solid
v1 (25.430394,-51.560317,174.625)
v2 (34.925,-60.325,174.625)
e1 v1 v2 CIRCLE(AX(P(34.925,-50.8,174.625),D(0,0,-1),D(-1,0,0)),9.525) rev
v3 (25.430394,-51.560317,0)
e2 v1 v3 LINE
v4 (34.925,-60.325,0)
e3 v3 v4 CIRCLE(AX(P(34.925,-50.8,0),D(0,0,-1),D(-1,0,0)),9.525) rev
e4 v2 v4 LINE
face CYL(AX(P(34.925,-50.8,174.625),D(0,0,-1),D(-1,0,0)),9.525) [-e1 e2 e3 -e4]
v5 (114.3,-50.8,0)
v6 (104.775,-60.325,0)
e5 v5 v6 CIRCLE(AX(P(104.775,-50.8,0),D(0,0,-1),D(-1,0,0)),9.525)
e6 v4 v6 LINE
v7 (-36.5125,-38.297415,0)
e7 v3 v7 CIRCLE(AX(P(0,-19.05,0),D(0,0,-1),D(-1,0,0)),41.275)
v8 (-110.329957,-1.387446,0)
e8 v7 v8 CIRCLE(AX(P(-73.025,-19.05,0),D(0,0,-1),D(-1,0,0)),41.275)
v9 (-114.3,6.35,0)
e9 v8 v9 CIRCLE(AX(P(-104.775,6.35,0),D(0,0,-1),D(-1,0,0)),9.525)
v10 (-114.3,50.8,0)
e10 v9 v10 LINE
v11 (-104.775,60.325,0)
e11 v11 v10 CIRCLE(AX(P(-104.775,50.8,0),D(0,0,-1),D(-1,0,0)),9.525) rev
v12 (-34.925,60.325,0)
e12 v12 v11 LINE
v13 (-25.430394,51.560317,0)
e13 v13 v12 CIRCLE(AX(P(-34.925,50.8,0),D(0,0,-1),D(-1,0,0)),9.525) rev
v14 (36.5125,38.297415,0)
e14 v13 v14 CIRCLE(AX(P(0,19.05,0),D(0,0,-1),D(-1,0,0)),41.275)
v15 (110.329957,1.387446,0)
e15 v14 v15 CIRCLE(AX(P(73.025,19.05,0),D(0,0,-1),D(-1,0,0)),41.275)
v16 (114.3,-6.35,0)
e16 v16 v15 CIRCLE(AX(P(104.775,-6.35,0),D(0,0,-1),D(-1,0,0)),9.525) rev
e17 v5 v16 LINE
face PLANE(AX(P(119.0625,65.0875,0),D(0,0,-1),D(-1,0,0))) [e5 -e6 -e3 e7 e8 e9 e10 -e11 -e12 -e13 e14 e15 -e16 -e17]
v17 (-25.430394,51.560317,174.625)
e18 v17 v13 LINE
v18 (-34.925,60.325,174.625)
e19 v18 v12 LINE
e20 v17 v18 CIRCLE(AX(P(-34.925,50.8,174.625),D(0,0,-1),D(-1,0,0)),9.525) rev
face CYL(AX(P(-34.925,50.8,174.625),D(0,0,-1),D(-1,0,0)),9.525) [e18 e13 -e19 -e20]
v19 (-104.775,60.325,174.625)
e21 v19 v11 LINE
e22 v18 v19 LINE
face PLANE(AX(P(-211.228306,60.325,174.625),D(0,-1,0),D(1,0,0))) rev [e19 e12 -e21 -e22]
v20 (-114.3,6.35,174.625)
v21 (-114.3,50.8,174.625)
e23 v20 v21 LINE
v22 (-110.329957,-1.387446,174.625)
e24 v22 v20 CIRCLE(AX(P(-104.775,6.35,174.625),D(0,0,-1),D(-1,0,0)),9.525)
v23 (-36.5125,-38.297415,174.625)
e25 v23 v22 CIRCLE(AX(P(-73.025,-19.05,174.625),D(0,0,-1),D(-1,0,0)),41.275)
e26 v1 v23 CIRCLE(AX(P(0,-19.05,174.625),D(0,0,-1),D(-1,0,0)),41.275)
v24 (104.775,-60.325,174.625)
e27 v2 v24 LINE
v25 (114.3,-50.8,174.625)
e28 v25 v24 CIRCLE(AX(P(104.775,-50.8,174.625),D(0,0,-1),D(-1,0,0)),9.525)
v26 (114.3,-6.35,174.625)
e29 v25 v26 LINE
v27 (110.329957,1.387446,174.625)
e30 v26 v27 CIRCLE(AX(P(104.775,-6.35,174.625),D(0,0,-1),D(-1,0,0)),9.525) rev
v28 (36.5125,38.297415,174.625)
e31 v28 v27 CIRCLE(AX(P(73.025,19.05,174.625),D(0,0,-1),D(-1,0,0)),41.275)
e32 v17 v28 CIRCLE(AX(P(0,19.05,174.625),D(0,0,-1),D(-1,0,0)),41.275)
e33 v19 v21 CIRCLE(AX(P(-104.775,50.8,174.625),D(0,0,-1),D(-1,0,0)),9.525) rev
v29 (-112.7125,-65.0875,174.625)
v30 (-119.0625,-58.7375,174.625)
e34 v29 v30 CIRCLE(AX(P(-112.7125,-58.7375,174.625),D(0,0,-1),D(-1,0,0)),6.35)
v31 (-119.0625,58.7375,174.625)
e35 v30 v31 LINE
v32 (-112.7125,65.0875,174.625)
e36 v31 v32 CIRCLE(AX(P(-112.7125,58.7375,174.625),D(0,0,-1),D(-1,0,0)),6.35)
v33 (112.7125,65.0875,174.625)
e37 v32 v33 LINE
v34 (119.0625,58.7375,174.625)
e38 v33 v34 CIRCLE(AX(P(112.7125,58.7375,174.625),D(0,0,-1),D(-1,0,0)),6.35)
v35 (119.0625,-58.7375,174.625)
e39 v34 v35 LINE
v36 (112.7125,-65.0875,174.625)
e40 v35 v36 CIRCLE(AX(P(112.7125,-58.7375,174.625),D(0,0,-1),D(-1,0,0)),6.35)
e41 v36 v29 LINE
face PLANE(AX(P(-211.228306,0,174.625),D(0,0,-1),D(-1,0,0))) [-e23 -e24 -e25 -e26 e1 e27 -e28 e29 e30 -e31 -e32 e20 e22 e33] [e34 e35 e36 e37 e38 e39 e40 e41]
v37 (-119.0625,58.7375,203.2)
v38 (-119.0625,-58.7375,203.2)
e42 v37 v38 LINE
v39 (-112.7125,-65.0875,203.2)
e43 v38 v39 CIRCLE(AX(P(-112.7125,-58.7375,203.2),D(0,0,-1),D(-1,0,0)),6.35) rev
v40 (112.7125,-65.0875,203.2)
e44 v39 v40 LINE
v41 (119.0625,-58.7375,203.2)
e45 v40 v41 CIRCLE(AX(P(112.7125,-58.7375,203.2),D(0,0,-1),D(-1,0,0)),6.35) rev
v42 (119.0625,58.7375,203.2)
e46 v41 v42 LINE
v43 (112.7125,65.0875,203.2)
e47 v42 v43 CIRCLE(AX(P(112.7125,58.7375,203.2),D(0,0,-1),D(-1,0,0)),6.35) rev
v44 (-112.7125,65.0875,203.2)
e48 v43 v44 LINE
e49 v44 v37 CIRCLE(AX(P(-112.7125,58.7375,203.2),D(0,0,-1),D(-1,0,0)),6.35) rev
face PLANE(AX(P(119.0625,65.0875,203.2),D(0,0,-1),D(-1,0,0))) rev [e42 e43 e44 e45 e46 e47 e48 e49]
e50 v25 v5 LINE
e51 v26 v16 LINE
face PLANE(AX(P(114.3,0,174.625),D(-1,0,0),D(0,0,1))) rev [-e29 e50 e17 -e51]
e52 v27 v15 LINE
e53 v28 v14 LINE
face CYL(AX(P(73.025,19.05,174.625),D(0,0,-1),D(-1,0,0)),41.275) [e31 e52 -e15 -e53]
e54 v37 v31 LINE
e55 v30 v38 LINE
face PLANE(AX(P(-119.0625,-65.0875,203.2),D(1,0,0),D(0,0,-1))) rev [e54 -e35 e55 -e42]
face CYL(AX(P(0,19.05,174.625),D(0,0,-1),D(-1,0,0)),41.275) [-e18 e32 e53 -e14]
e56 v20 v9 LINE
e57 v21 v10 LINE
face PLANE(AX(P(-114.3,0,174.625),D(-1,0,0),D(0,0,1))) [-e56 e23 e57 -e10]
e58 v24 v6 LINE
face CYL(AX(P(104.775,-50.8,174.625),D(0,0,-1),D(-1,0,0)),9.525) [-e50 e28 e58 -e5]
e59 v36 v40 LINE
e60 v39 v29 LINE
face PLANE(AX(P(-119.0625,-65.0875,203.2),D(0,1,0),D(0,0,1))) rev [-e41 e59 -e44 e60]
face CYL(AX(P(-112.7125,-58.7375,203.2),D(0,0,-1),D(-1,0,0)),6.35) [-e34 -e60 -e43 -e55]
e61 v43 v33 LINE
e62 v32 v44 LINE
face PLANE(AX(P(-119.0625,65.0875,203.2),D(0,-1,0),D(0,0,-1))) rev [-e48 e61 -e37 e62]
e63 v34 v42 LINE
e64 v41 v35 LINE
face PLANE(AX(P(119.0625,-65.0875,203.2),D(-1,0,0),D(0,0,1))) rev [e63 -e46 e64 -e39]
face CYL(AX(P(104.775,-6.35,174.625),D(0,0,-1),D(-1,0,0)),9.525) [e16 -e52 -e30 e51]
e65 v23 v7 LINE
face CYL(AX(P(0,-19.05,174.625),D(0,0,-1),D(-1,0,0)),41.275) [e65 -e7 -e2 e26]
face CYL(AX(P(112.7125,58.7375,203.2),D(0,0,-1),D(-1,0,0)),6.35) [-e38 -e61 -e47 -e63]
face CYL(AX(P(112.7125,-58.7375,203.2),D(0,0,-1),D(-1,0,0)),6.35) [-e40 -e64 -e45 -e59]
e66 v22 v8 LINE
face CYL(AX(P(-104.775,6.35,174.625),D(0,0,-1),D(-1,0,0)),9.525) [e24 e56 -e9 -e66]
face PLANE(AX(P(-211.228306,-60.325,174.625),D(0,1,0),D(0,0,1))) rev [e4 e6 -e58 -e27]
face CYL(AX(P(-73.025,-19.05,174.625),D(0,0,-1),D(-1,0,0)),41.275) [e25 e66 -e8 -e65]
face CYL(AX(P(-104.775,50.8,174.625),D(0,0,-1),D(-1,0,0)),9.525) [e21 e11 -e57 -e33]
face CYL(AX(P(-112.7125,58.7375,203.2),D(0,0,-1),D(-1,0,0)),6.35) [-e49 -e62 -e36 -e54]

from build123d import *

# Parameters (mm, degrees)
SKETCH1_W           = 238.125
SKETCH1_H           = 130.175
BOSS_EXTRUDE1_DEPTH = 203.2
SKETCH2_W           = 238.125
SKETCH2_H           = 130.175
CUT_EXTRUDE1_DEPTH  = 174.625
FILLET1_R           = 6.35


with BuildPart() as part:
    # Sketch1 → Boss-Extrude1 (new body)
    with BuildSketch(Plane.XY):
        Rectangle(SKETCH1_W, SKETCH1_H)
    extrude(amount=BOSS_EXTRUDE1_DEPTH)

    # Sketch2 → Cut-Extrude1 (cut)
    with BuildSketch(Plane(origin=(0, 0, 0), x_dir=(-1, 0, 0), z_dir=(0, 0, -1))):
        Rectangle(SKETCH2_W, SKETCH2_H)
        with BuildLine():
            ThreePointArc((114.3, -19.05), (82.938934322, -59.116688549), (36.5125, -38.297414599))
            ThreePointArc((36.5125, -38.297414599), (8.641725006, -59.410205821), (-25.430393972, -51.56031663))
            ThreePointArc((-25.430393972, -51.56031663), (-28.464210223, -57.798844223), (-34.925, -60.325))
            Line((-34.925, -60.325), (-104.775, -60.325))
            ThreePointArc((-104.775, -60.325), (-111.510192091, -57.535192091), (-114.3, -50.8))
            Line((-114.3, -50.8), (-114.3, -6.35))
            ThreePointArc((-114.3, -6.35), (-113.249567583, -2.001744111), (-110.329957107, 1.387446384))
            ThreePointArc((-110.329957107, 1.387446384), (-91.484237132, 55.967234316), (-36.5125, 38.297414599))
            ThreePointArc((-36.5125, 38.297414599), (-8.641725006, 59.410205821), (25.430393972, 51.56031663))
            ThreePointArc((25.430393972, 51.56031663), (28.464210223, 57.798844223), (34.925, 60.325))
            Line((34.925, 60.325), (104.775, 60.325))
            ThreePointArc((104.775, 60.325), (111.510192091, 57.535192091), (114.3, 50.8))
            Line((114.3, 50.8), (114.3, 6.35))
            ThreePointArc((114.3, 6.35), (113.249567583, 2.001744111), (110.329957107, -1.387446384))
            ThreePointArc((110.329957107, -1.387446384), (113.295260302, -9.998383558), (114.3, -19.05))
        make_face(mode=Mode.SUBTRACT)
    extrude(amount=-CUT_EXTRUDE1_DEPTH, mode=Mode.SUBTRACT)

    # Fillet1
    fillet1_edges = [part.edges().sort_by_distance(p)[0] for p in [
        (119.0625, -65.0875, 188.9125),
        (-119.0625, -65.0875, 188.9125),
        (-119.0625, 65.0875, 188.9125),
        (119.0625, 65.0875, 188.9125),
    ]]
    fillet(fillet1_edges, radius=FILLET1_R)


solid = part.part
